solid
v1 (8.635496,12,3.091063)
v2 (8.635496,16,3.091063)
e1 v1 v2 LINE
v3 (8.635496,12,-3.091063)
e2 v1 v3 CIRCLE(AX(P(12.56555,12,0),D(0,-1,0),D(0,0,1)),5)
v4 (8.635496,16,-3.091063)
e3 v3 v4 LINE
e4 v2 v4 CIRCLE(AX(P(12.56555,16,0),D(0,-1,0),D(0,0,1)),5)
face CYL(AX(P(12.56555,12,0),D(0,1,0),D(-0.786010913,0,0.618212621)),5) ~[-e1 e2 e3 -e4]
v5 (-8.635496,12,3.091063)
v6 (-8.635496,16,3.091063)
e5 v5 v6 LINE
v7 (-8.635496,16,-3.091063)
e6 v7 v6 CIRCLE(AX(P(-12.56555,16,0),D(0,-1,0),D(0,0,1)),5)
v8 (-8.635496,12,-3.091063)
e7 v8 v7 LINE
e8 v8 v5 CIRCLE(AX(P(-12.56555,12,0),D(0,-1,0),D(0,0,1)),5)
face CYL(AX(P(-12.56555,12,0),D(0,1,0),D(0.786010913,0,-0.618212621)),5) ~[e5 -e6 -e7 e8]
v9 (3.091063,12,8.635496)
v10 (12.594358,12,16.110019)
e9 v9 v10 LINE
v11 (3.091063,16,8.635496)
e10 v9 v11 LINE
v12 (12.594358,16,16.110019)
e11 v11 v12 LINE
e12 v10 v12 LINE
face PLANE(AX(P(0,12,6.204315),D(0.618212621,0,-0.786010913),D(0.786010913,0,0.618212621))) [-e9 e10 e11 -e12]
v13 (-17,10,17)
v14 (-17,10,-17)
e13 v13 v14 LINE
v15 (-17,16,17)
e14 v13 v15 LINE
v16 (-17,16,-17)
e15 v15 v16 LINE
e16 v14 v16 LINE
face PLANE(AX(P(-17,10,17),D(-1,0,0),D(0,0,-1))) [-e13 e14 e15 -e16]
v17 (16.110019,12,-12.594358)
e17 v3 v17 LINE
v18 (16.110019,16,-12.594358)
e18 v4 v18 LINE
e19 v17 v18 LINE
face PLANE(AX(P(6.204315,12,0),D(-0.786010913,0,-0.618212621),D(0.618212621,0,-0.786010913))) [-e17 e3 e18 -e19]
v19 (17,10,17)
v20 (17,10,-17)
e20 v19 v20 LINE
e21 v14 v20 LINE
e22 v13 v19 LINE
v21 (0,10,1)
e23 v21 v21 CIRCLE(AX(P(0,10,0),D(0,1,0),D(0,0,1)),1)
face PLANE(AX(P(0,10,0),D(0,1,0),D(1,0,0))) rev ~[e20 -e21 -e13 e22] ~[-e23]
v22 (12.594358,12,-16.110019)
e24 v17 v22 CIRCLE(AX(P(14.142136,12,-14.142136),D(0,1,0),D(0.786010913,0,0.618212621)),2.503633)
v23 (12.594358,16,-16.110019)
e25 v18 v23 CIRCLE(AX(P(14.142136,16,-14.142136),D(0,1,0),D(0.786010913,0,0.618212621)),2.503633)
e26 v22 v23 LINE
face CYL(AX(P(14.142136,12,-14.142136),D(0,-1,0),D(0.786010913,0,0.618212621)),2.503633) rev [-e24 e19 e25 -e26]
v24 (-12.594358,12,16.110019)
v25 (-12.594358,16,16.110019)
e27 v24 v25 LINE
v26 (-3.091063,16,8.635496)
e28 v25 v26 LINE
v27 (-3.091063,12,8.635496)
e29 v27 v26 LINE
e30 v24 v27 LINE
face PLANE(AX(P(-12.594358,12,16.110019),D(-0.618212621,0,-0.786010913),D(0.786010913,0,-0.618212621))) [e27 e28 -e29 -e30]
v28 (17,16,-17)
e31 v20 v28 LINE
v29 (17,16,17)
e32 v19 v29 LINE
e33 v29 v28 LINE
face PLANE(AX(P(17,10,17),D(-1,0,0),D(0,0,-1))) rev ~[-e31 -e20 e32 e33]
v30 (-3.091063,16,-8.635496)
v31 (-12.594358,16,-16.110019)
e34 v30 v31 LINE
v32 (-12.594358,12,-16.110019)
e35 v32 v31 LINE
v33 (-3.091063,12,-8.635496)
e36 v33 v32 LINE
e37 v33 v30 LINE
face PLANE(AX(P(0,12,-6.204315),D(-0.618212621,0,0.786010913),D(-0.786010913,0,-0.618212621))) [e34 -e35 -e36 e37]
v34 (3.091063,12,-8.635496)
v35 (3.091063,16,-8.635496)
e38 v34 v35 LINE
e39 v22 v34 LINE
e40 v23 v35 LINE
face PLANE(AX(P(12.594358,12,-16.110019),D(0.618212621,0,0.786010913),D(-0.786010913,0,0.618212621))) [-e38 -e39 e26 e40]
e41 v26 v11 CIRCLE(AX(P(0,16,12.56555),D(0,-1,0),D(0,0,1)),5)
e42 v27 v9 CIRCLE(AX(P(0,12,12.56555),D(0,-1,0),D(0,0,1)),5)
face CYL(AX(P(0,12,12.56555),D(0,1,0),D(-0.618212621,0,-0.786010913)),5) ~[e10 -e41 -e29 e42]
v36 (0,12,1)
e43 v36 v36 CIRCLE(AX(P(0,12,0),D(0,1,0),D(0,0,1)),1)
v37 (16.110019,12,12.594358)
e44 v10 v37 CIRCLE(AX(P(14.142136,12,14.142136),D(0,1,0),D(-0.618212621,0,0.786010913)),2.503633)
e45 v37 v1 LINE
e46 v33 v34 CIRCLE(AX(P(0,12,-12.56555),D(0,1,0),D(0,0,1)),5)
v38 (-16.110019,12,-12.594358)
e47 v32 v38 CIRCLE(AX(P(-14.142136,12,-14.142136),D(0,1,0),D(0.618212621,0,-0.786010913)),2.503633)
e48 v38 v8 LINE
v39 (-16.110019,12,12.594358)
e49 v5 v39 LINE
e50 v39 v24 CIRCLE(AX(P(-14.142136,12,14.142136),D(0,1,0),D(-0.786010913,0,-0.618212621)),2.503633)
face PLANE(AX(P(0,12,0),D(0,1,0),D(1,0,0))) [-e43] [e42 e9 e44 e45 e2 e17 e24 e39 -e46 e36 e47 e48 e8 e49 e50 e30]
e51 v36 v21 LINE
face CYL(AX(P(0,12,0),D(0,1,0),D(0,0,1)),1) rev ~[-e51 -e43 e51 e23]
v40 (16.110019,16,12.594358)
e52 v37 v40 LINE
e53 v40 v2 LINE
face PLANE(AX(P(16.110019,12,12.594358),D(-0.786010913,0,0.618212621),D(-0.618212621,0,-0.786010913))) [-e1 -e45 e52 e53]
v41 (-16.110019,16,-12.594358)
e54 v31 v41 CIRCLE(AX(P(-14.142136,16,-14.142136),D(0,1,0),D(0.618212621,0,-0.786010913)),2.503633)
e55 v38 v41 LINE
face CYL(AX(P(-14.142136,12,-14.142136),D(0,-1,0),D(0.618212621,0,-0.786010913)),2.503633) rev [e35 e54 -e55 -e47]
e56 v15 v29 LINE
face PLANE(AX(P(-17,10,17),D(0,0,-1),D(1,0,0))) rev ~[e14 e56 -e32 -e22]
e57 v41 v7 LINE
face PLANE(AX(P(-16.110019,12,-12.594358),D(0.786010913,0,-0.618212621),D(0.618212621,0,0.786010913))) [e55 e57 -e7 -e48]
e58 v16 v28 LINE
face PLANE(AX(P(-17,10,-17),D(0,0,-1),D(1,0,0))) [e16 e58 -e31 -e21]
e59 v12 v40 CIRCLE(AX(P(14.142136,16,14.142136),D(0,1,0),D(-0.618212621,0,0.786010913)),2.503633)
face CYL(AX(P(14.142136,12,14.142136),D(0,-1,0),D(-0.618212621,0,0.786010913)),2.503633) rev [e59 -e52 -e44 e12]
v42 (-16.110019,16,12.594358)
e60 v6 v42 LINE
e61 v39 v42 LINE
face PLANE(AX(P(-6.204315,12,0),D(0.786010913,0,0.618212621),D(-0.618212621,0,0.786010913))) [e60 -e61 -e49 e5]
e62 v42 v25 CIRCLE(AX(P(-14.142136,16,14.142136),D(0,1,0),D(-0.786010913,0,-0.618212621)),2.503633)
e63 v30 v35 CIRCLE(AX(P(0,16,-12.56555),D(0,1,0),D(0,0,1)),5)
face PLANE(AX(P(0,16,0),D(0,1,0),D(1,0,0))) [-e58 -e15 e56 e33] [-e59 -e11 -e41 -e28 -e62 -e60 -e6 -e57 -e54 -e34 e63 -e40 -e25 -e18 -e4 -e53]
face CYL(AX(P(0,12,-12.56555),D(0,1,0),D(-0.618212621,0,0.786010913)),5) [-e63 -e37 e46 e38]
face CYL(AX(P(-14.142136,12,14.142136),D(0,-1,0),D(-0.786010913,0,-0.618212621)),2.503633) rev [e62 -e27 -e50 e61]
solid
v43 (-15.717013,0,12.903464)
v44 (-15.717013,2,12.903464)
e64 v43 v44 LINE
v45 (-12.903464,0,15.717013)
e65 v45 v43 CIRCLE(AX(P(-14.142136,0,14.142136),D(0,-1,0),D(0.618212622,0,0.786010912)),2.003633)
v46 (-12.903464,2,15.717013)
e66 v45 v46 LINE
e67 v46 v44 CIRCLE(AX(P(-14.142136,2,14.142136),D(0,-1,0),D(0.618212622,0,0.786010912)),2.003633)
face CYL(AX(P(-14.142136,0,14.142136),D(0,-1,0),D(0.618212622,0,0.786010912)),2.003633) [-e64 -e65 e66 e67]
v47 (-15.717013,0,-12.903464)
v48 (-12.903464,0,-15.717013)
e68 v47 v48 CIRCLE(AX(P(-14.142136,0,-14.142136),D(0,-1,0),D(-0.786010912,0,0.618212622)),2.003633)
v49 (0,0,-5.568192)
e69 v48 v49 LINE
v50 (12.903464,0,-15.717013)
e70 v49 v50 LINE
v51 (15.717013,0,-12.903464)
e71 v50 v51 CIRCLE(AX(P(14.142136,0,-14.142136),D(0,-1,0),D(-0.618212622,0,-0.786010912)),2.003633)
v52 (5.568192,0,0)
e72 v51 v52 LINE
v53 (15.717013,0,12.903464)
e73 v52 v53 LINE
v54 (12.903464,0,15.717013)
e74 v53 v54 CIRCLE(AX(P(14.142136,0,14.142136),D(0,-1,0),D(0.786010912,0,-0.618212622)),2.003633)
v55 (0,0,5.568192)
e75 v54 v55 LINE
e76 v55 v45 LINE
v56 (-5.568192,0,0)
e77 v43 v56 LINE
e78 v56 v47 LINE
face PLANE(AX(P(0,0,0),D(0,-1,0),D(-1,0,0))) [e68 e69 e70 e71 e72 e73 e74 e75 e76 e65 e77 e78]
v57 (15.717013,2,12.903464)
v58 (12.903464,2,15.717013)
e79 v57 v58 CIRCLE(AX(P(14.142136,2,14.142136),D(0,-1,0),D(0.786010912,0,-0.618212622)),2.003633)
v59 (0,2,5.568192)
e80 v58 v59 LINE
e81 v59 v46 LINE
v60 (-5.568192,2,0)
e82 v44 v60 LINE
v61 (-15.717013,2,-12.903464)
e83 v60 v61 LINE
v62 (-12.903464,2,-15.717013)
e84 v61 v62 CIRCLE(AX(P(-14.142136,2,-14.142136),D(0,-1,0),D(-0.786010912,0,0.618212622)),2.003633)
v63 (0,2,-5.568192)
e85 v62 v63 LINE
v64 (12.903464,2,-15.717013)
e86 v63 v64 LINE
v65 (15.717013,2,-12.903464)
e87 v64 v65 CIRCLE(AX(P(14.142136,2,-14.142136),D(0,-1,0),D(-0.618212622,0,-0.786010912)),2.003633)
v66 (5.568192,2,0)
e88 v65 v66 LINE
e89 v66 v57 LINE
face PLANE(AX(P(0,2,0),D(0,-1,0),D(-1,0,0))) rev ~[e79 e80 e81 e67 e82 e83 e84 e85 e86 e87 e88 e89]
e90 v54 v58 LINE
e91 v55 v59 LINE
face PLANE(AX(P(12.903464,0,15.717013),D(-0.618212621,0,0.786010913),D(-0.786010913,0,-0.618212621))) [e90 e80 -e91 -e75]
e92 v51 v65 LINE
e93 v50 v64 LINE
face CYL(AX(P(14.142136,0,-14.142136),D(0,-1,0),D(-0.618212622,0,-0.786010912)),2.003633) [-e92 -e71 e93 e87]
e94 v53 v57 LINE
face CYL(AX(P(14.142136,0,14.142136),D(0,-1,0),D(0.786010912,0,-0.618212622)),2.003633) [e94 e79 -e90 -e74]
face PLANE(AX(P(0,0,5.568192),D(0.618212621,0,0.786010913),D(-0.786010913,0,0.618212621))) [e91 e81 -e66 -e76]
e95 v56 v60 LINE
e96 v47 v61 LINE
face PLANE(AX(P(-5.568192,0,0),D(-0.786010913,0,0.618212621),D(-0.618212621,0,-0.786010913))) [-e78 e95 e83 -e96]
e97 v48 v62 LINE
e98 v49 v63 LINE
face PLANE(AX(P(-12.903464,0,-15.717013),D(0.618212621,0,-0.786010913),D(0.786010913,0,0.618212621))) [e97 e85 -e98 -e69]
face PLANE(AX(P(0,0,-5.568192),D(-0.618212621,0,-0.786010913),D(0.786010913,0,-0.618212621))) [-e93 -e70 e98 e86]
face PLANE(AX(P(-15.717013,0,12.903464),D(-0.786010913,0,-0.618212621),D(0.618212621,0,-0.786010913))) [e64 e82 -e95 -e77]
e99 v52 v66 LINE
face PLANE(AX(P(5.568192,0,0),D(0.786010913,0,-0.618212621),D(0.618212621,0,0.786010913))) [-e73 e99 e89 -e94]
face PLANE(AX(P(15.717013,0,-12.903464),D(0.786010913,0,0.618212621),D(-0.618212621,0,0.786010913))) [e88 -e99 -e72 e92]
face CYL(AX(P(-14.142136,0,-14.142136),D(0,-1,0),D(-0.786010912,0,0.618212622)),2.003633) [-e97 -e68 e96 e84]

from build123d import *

# Parameters (mm, degrees)
BOSS_EXTRUDE2_DEPTH = 2
SKETCH2_W           = 34
SKETCH2_H           = 34
BOSS_EXTRUDE3_DEPTH = 6
CUT_EXTRUDE1_START  = -4
CUT_EXTRUDE1_DEPTH  = 4
FILLET1_R           = 5
SKETCH4_R           = 1
CUT_EXTRUDE2_DEPTH  = 10


with BuildPart() as part:
    # Sketch1 → Boss-Extrude2 (new body)
    with BuildSketch(Plane(origin=(0, 0, 0), x_dir=(1, 0, 0), z_dir=(0, 1, 0))):
        with BuildLine():
            Line((0, 5.568191949), (12.90346414, 15.717013375))
            ThreePointArc((12.90346414, 15.717013375), (15.558918419, 15.558918419), (15.717013375, 12.90346414))
            Line((15.717013375, 12.90346414), (5.568191949, 0))
            Line((5.568191949, 0), (15.717013375, -12.90346414))
            ThreePointArc((15.717013375, -12.90346414), (15.558918419, -15.558918419), (12.90346414, -15.717013375))
            Line((12.90346414, -15.717013375), (0, -5.568191949))
            Line((0, -5.568191949), (-12.90346414, -15.717013375))
            ThreePointArc((-12.90346414, -15.717013375), (-15.558918419, -15.558918419), (-15.717013375, -12.90346414))
            Line((-15.717013375, -12.90346414), (-5.568191949, 0))
            Line((-5.568191949, 0), (-15.717013375, 12.90346414))
            ThreePointArc((-15.717013375, 12.90346414), (-15.558918419, 15.558918419), (-12.90346414, 15.717013375))
            Line((-12.90346414, 15.717013375), (0, 5.568191949))
        make_face()
    extrude(amount=BOSS_EXTRUDE2_DEPTH)


with BuildPart() as body_2:
    # Sketch2 → Boss-Extrude3 (new body)
    with BuildSketch(Plane(origin=(0, 10, 0), x_dir=(1, 0, 0), z_dir=(0, 1, 0))):
        Rectangle(SKETCH2_W, SKETCH2_H)
    extrude(amount=BOSS_EXTRUDE3_DEPTH)

    # Sketch3 → Cut-Extrude1 (cut)
    # profile 1 of 2: a face of its own
    with BuildSketch(Plane(origin=(0, 16, 0), x_dir=(1, 0, 0), z_dir=(0, 1, 0)).offset(CUT_EXTRUDE1_START)):
        with BuildLine():
            Line((0, 6.204315433), (-12.59435783, 16.110018832))
            ThreePointArc((-12.59435783, 16.110018832), (-15.912471809, 15.912471809), (-16.110018832, 12.59435783))
            Line((-16.110018832, 12.59435783), (-6.204315433, 0))
            Line((-6.204315433, 0), (-16.110018832, -12.59435783))
            ThreePointArc((-16.110018832, -12.59435783), (-15.912471809, -15.912471809), (-12.59435783, -16.110018832))
            Line((-12.59435783, -16.110018832), (0, -6.204315433))
            Line((0, -6.204315433), (12.59435783, -16.110018832))
            ThreePointArc((12.59435783, -16.110018832), (15.912471809, -15.912471809), (16.110018832, -12.59435783))
            Line((16.110018832, -12.59435783), (6.204315433, 0))
            Line((6.204315433, 0), (16.110018832, 12.59435783))
            ThreePointArc((16.110018832, 12.59435783), (15.912471809, 15.912471809), (12.59435783, 16.110018832))
            Line((12.59435783, 16.110018832), (0, 6.204315433))
        make_face()
        with BuildLine():
            ThreePointArc((-15.717013375, -12.90346414), (-15.558918419, -15.558918419), (-12.90346414, -15.717013375))
            Line((-12.90346414, -15.717013375), (0, -5.568191949))
            Line((0, -5.568191949), (12.90346414, -15.717013375))
            ThreePointArc((12.90346414, -15.717013375), (15.558918419, -15.558918419), (15.717013375, -12.90346414))
            Line((15.717013375, -12.90346414), (5.568191949, 0))
            Line((5.568191949, 0), (15.717013375, 12.90346414))
            ThreePointArc((15.717013375, 12.90346414), (15.558918419, 15.558918419), (12.90346414, 15.717013375))
            Line((12.90346414, 15.717013375), (0, 5.568191949))
            Line((0, 5.568191949), (-12.90346414, 15.717013375))
            ThreePointArc((-12.90346414, 15.717013375), (-15.558918419, 15.558918419), (-15.717013375, 12.90346414))
            Line((-15.717013375, 12.90346414), (-5.568191949, 0))
            Line((-5.568191949, 0), (-15.717013375, -12.90346414))
        make_face(mode=Mode.SUBTRACT)
    # profile 2 of 2: a face of its own
    with BuildSketch(Plane(origin=(0, 16, 0), x_dir=(1, 0, 0), z_dir=(0, 1, 0)).offset(CUT_EXTRUDE1_START)):
        with BuildLine():
            Line((-5.568191949, 0), (-15.717013375, -12.90346414))
            ThreePointArc((-15.717013375, -12.90346414), (-15.558918419, -15.558918419), (-12.90346414, -15.717013375))
            Line((-12.90346414, -15.717013375), (0, -5.568191949))
            Line((0, -5.568191949), (12.90346414, -15.717013375))
            ThreePointArc((12.90346414, -15.717013375), (15.558918419, -15.558918419), (15.717013375, -12.90346414))
            Line((15.717013375, -12.90346414), (5.568191949, 0))
            Line((5.568191949, 0), (15.717013375, 12.90346414))
            ThreePointArc((15.717013375, 12.90346414), (15.558918419, 15.558918419), (12.90346414, 15.717013375))
            Line((12.90346414, 15.717013375), (0, 5.568191949))
            Line((0, 5.568191949), (-12.90346414, 15.717013375))
            ThreePointArc((-12.90346414, 15.717013375), (-15.558918419, 15.558918419), (-15.717013375, 12.90346414))
            Line((-15.717013375, 12.90346414), (-5.568191949, 0))
        make_face()
    extrude(amount=CUT_EXTRUDE1_DEPTH, mode=Mode.SUBTRACT)

    # Fillet1
    fillet1_edges = [body_2.edges().sort_by_distance(p)[0] for p in [
        (0, 14, -6.204315433),
        (6.204315433, 14, 0),
        (0, 14, 6.204315433),
        (-6.204315433, 14, 0),
    ]]
    fillet(fillet1_edges, radius=FILLET1_R)

    # Sketch4 → Cut-Extrude2 (cut)
    with BuildSketch(Plane(origin=(0, 12, 0), x_dir=(1, 0, 0), z_dir=(0, 1, 0))):
        with Locations(Location((0, 0, 0), (0, 0, 270))):
            Circle(SKETCH4_R)
    extrude(amount=-CUT_EXTRUDE2_DEPTH, mode=Mode.SUBTRACT)


solid = Compound([part.part, body_2.part])
